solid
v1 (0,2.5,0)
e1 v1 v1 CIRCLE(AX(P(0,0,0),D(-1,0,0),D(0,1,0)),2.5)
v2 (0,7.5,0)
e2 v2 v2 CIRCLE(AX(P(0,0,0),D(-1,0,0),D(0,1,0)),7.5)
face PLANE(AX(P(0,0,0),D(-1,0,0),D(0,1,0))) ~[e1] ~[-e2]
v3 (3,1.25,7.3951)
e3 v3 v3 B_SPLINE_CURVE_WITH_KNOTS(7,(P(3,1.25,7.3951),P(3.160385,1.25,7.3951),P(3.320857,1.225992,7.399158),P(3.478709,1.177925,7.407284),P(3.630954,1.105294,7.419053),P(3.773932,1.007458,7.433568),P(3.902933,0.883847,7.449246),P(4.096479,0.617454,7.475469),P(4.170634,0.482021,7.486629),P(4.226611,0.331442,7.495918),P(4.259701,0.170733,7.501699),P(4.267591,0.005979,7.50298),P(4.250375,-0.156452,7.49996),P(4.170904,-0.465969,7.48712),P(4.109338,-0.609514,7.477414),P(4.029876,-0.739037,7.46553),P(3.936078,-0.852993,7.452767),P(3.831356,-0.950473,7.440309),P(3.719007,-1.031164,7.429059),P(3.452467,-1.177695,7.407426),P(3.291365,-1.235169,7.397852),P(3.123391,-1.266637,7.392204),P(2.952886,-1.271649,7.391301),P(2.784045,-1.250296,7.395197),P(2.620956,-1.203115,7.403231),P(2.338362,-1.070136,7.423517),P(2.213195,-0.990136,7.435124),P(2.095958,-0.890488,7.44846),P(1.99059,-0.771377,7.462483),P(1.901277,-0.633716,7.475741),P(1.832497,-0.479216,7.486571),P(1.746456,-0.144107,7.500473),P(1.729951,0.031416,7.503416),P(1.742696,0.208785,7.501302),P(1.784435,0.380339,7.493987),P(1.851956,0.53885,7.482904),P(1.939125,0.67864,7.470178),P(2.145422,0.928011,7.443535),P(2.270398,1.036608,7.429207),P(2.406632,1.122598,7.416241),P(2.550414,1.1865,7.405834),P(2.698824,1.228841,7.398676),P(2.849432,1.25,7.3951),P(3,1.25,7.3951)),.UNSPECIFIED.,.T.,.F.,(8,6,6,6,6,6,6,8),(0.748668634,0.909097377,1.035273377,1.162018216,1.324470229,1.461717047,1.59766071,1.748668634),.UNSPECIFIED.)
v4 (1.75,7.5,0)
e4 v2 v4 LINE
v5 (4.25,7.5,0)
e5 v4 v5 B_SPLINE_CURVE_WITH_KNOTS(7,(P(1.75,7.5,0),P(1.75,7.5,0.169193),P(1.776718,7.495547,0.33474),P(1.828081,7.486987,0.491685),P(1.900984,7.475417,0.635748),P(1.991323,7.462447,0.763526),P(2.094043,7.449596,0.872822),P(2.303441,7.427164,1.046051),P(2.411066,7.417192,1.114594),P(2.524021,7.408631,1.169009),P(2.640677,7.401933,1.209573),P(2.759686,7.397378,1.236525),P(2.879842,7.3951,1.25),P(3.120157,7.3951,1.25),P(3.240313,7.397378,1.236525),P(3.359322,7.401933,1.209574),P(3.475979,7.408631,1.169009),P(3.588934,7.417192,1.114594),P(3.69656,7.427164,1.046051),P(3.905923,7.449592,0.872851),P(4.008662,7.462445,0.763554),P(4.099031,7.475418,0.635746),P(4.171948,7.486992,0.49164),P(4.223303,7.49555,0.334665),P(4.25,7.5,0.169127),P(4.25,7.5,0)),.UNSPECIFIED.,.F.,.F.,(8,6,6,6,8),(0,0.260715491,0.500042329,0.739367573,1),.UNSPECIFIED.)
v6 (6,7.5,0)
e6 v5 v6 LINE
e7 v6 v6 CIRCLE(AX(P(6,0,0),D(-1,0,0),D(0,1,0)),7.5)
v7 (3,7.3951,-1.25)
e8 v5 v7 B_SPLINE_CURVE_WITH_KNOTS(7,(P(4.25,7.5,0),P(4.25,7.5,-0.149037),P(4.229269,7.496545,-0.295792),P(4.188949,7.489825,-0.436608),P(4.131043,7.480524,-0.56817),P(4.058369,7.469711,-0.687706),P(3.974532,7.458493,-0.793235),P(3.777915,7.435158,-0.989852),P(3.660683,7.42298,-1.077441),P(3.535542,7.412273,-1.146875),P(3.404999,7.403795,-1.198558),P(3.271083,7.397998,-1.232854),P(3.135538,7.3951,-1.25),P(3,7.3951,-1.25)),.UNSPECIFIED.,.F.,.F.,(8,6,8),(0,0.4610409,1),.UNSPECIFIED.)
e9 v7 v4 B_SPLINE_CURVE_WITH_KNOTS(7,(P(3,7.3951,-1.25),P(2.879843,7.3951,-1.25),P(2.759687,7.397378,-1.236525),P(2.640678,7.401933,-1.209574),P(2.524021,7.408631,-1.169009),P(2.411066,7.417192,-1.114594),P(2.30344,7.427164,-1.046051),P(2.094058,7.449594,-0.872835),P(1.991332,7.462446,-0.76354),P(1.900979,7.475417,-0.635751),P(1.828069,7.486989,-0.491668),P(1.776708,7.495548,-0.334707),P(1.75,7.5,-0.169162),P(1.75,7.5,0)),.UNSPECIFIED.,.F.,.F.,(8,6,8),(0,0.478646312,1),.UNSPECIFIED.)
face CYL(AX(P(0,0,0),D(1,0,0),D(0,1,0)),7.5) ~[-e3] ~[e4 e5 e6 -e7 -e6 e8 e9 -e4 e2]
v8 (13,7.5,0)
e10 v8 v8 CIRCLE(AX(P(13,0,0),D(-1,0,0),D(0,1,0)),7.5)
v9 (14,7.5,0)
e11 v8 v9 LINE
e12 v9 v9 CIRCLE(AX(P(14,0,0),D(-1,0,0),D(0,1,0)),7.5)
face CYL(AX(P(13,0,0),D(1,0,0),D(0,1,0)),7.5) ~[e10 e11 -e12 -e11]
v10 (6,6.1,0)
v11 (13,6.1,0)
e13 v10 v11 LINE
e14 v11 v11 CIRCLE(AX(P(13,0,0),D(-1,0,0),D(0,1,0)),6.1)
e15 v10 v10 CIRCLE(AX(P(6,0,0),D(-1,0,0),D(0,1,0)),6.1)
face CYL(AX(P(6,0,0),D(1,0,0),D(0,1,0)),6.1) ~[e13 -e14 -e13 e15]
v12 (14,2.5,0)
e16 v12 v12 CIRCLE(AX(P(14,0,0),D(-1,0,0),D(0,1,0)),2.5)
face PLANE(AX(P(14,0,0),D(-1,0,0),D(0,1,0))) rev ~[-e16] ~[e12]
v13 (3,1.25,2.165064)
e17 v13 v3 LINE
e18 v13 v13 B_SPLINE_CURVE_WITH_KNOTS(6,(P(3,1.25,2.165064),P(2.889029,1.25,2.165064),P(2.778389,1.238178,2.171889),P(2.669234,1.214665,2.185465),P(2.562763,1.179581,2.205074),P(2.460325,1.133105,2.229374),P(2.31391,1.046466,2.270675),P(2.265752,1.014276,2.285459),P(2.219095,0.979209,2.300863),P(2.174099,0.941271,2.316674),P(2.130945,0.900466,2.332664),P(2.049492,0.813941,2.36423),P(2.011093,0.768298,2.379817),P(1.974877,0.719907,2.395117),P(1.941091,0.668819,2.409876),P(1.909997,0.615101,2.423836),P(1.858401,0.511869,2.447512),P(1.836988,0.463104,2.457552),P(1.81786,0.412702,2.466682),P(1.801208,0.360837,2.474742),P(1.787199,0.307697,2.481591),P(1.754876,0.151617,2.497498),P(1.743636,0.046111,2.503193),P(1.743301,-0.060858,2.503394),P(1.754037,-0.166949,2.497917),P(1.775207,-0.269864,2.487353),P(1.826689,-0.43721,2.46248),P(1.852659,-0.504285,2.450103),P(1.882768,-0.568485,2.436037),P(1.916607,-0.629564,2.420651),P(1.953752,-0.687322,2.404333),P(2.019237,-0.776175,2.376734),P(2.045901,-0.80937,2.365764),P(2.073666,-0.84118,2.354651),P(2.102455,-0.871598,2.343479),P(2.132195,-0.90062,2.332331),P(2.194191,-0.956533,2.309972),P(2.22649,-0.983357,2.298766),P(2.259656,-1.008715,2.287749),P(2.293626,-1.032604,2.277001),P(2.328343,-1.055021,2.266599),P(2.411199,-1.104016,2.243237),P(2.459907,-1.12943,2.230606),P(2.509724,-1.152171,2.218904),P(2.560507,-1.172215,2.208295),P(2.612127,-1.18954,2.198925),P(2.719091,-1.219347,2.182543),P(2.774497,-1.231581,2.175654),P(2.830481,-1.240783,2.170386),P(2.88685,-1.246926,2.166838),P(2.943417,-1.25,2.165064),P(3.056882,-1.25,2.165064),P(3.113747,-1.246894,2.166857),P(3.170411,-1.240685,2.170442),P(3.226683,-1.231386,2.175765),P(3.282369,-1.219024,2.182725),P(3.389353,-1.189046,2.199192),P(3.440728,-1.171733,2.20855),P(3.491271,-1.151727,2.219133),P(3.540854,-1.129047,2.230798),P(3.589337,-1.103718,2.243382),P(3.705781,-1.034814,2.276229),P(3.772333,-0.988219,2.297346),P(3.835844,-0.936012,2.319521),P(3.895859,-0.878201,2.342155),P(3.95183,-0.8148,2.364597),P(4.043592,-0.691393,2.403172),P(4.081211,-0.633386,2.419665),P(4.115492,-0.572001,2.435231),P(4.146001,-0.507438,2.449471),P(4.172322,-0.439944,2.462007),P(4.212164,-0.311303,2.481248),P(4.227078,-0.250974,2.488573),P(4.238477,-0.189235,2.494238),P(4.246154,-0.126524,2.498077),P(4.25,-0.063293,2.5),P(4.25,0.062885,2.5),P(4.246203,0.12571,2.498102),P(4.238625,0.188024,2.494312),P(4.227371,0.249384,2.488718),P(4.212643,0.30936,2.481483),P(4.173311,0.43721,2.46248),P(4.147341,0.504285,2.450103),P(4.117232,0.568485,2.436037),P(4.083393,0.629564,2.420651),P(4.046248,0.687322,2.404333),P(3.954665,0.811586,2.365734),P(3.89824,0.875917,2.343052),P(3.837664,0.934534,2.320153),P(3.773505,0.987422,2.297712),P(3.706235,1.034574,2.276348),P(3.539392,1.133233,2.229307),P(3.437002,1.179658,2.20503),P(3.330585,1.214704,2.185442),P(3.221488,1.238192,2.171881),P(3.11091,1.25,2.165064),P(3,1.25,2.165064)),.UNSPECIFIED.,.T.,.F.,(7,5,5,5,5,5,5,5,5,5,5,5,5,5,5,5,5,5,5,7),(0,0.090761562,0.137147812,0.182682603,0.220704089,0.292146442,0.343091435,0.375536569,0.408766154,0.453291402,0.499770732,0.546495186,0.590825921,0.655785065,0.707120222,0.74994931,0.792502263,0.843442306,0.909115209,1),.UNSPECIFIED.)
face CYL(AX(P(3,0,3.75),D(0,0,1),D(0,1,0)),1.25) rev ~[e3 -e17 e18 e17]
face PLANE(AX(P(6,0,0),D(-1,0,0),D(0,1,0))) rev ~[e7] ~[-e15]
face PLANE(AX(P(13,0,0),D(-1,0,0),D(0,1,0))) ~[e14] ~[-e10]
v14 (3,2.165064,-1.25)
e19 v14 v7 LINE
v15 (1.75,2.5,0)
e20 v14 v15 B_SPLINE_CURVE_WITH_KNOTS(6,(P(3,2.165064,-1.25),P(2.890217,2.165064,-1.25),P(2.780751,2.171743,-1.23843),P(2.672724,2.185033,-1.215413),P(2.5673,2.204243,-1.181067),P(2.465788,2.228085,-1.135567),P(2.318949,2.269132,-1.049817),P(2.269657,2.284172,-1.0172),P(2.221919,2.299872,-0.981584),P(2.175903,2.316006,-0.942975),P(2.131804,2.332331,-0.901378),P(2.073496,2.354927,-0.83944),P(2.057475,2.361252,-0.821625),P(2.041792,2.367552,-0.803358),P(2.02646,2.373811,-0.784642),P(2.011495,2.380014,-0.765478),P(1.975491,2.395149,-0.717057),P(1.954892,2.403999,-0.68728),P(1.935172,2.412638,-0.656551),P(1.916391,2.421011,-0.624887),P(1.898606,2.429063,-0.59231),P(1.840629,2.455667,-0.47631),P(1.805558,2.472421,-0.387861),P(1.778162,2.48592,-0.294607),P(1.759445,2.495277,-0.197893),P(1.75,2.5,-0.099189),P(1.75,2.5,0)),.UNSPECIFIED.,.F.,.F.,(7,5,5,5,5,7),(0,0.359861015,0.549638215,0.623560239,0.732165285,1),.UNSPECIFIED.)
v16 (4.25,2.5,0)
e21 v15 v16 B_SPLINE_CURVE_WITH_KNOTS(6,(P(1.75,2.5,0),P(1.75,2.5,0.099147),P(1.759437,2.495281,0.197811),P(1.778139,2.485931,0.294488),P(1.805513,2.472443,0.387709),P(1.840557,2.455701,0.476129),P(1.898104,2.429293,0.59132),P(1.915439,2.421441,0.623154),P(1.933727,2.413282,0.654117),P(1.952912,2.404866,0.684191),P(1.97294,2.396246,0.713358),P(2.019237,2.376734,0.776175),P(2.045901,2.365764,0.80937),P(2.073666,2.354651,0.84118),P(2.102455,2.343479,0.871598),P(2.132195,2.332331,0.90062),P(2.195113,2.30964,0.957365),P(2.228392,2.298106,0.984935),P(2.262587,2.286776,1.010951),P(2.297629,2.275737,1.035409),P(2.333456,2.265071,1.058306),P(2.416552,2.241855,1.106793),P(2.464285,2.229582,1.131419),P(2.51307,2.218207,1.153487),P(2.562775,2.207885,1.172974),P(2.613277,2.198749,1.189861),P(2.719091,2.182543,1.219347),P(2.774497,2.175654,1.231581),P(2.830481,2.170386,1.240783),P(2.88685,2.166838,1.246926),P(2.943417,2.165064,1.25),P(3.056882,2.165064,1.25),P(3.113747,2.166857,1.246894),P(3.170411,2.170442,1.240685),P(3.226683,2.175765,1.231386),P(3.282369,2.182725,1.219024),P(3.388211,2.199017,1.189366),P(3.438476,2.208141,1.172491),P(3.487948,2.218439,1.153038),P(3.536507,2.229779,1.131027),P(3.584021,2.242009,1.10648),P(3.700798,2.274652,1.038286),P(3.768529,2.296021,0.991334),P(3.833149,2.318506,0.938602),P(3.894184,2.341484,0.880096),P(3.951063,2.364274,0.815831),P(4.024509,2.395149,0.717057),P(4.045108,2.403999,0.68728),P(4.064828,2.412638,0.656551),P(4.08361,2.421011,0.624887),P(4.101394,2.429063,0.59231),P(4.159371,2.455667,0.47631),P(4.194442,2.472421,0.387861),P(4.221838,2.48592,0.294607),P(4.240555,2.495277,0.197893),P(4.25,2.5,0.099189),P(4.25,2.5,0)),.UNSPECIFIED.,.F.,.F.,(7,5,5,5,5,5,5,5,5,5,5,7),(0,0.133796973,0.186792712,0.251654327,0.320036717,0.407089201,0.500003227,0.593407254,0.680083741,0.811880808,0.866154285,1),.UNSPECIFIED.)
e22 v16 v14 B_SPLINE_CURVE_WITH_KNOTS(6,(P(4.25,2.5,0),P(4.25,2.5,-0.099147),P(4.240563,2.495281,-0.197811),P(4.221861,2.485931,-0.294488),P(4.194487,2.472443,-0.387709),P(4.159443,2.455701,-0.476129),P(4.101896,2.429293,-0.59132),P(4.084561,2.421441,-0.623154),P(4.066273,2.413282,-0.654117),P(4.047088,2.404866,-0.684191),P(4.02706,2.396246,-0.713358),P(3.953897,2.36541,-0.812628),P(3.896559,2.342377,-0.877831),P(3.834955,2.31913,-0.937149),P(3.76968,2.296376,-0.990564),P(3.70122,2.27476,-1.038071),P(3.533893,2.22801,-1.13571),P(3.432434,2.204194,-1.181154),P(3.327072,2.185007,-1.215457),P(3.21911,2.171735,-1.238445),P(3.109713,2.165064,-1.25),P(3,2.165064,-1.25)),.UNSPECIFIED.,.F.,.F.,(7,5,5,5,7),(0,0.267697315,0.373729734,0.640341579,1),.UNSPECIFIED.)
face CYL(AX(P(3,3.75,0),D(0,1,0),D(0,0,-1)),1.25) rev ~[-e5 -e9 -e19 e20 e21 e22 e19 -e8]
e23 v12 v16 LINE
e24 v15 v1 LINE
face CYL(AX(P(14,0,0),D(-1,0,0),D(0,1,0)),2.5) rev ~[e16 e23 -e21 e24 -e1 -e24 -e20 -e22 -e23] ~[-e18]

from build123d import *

# Parameters (mm, degrees)
SKETCH2_W = 1.25
SKETCH2_H = 7.5
SKETCH4_W = 1.25
SKETCH4_H = 7.5


with BuildPart() as part:
    # Sketch1 → Revolve1 (revolve)
    with BuildSketch(Plane.XY):
        Polygon((0, 2.5), (0, 7.5), (6, 7.5), (6, 6.1), (13, 6.1), (13, 7.5), (14, 7.5), (14, 2.5), align=None)
    revolve(axis=Axis((0, 0, 0), (-1, 0, 0)))

    # Sketch2 → M3x0.5 Tapped Hole1 (revolve, cut)
    with BuildSketch(Plane(origin=(3, 0, 0), x_dir=(0, 0, -1), z_dir=(1, 0, 0))):
        with Locations((0.625, 3.75)):
            Rectangle(SKETCH2_W, SKETCH2_H)
    revolve(axis=Axis((3, -6.35, 0), (0, 1, 0)), mode=Mode.SUBTRACT)

    # Sketch4 → M3x0.5 Tapped Hole2 (revolve, cut)
    with BuildSketch(Plane.YZ.offset(3)):
        with Locations((0.625, 3.75)):
            Rectangle(SKETCH4_W, SKETCH4_H)
    revolve(axis=Axis((3, 0, -6.35), (0, 0, 1)), mode=Mode.SUBTRACT)


solid = part.part
